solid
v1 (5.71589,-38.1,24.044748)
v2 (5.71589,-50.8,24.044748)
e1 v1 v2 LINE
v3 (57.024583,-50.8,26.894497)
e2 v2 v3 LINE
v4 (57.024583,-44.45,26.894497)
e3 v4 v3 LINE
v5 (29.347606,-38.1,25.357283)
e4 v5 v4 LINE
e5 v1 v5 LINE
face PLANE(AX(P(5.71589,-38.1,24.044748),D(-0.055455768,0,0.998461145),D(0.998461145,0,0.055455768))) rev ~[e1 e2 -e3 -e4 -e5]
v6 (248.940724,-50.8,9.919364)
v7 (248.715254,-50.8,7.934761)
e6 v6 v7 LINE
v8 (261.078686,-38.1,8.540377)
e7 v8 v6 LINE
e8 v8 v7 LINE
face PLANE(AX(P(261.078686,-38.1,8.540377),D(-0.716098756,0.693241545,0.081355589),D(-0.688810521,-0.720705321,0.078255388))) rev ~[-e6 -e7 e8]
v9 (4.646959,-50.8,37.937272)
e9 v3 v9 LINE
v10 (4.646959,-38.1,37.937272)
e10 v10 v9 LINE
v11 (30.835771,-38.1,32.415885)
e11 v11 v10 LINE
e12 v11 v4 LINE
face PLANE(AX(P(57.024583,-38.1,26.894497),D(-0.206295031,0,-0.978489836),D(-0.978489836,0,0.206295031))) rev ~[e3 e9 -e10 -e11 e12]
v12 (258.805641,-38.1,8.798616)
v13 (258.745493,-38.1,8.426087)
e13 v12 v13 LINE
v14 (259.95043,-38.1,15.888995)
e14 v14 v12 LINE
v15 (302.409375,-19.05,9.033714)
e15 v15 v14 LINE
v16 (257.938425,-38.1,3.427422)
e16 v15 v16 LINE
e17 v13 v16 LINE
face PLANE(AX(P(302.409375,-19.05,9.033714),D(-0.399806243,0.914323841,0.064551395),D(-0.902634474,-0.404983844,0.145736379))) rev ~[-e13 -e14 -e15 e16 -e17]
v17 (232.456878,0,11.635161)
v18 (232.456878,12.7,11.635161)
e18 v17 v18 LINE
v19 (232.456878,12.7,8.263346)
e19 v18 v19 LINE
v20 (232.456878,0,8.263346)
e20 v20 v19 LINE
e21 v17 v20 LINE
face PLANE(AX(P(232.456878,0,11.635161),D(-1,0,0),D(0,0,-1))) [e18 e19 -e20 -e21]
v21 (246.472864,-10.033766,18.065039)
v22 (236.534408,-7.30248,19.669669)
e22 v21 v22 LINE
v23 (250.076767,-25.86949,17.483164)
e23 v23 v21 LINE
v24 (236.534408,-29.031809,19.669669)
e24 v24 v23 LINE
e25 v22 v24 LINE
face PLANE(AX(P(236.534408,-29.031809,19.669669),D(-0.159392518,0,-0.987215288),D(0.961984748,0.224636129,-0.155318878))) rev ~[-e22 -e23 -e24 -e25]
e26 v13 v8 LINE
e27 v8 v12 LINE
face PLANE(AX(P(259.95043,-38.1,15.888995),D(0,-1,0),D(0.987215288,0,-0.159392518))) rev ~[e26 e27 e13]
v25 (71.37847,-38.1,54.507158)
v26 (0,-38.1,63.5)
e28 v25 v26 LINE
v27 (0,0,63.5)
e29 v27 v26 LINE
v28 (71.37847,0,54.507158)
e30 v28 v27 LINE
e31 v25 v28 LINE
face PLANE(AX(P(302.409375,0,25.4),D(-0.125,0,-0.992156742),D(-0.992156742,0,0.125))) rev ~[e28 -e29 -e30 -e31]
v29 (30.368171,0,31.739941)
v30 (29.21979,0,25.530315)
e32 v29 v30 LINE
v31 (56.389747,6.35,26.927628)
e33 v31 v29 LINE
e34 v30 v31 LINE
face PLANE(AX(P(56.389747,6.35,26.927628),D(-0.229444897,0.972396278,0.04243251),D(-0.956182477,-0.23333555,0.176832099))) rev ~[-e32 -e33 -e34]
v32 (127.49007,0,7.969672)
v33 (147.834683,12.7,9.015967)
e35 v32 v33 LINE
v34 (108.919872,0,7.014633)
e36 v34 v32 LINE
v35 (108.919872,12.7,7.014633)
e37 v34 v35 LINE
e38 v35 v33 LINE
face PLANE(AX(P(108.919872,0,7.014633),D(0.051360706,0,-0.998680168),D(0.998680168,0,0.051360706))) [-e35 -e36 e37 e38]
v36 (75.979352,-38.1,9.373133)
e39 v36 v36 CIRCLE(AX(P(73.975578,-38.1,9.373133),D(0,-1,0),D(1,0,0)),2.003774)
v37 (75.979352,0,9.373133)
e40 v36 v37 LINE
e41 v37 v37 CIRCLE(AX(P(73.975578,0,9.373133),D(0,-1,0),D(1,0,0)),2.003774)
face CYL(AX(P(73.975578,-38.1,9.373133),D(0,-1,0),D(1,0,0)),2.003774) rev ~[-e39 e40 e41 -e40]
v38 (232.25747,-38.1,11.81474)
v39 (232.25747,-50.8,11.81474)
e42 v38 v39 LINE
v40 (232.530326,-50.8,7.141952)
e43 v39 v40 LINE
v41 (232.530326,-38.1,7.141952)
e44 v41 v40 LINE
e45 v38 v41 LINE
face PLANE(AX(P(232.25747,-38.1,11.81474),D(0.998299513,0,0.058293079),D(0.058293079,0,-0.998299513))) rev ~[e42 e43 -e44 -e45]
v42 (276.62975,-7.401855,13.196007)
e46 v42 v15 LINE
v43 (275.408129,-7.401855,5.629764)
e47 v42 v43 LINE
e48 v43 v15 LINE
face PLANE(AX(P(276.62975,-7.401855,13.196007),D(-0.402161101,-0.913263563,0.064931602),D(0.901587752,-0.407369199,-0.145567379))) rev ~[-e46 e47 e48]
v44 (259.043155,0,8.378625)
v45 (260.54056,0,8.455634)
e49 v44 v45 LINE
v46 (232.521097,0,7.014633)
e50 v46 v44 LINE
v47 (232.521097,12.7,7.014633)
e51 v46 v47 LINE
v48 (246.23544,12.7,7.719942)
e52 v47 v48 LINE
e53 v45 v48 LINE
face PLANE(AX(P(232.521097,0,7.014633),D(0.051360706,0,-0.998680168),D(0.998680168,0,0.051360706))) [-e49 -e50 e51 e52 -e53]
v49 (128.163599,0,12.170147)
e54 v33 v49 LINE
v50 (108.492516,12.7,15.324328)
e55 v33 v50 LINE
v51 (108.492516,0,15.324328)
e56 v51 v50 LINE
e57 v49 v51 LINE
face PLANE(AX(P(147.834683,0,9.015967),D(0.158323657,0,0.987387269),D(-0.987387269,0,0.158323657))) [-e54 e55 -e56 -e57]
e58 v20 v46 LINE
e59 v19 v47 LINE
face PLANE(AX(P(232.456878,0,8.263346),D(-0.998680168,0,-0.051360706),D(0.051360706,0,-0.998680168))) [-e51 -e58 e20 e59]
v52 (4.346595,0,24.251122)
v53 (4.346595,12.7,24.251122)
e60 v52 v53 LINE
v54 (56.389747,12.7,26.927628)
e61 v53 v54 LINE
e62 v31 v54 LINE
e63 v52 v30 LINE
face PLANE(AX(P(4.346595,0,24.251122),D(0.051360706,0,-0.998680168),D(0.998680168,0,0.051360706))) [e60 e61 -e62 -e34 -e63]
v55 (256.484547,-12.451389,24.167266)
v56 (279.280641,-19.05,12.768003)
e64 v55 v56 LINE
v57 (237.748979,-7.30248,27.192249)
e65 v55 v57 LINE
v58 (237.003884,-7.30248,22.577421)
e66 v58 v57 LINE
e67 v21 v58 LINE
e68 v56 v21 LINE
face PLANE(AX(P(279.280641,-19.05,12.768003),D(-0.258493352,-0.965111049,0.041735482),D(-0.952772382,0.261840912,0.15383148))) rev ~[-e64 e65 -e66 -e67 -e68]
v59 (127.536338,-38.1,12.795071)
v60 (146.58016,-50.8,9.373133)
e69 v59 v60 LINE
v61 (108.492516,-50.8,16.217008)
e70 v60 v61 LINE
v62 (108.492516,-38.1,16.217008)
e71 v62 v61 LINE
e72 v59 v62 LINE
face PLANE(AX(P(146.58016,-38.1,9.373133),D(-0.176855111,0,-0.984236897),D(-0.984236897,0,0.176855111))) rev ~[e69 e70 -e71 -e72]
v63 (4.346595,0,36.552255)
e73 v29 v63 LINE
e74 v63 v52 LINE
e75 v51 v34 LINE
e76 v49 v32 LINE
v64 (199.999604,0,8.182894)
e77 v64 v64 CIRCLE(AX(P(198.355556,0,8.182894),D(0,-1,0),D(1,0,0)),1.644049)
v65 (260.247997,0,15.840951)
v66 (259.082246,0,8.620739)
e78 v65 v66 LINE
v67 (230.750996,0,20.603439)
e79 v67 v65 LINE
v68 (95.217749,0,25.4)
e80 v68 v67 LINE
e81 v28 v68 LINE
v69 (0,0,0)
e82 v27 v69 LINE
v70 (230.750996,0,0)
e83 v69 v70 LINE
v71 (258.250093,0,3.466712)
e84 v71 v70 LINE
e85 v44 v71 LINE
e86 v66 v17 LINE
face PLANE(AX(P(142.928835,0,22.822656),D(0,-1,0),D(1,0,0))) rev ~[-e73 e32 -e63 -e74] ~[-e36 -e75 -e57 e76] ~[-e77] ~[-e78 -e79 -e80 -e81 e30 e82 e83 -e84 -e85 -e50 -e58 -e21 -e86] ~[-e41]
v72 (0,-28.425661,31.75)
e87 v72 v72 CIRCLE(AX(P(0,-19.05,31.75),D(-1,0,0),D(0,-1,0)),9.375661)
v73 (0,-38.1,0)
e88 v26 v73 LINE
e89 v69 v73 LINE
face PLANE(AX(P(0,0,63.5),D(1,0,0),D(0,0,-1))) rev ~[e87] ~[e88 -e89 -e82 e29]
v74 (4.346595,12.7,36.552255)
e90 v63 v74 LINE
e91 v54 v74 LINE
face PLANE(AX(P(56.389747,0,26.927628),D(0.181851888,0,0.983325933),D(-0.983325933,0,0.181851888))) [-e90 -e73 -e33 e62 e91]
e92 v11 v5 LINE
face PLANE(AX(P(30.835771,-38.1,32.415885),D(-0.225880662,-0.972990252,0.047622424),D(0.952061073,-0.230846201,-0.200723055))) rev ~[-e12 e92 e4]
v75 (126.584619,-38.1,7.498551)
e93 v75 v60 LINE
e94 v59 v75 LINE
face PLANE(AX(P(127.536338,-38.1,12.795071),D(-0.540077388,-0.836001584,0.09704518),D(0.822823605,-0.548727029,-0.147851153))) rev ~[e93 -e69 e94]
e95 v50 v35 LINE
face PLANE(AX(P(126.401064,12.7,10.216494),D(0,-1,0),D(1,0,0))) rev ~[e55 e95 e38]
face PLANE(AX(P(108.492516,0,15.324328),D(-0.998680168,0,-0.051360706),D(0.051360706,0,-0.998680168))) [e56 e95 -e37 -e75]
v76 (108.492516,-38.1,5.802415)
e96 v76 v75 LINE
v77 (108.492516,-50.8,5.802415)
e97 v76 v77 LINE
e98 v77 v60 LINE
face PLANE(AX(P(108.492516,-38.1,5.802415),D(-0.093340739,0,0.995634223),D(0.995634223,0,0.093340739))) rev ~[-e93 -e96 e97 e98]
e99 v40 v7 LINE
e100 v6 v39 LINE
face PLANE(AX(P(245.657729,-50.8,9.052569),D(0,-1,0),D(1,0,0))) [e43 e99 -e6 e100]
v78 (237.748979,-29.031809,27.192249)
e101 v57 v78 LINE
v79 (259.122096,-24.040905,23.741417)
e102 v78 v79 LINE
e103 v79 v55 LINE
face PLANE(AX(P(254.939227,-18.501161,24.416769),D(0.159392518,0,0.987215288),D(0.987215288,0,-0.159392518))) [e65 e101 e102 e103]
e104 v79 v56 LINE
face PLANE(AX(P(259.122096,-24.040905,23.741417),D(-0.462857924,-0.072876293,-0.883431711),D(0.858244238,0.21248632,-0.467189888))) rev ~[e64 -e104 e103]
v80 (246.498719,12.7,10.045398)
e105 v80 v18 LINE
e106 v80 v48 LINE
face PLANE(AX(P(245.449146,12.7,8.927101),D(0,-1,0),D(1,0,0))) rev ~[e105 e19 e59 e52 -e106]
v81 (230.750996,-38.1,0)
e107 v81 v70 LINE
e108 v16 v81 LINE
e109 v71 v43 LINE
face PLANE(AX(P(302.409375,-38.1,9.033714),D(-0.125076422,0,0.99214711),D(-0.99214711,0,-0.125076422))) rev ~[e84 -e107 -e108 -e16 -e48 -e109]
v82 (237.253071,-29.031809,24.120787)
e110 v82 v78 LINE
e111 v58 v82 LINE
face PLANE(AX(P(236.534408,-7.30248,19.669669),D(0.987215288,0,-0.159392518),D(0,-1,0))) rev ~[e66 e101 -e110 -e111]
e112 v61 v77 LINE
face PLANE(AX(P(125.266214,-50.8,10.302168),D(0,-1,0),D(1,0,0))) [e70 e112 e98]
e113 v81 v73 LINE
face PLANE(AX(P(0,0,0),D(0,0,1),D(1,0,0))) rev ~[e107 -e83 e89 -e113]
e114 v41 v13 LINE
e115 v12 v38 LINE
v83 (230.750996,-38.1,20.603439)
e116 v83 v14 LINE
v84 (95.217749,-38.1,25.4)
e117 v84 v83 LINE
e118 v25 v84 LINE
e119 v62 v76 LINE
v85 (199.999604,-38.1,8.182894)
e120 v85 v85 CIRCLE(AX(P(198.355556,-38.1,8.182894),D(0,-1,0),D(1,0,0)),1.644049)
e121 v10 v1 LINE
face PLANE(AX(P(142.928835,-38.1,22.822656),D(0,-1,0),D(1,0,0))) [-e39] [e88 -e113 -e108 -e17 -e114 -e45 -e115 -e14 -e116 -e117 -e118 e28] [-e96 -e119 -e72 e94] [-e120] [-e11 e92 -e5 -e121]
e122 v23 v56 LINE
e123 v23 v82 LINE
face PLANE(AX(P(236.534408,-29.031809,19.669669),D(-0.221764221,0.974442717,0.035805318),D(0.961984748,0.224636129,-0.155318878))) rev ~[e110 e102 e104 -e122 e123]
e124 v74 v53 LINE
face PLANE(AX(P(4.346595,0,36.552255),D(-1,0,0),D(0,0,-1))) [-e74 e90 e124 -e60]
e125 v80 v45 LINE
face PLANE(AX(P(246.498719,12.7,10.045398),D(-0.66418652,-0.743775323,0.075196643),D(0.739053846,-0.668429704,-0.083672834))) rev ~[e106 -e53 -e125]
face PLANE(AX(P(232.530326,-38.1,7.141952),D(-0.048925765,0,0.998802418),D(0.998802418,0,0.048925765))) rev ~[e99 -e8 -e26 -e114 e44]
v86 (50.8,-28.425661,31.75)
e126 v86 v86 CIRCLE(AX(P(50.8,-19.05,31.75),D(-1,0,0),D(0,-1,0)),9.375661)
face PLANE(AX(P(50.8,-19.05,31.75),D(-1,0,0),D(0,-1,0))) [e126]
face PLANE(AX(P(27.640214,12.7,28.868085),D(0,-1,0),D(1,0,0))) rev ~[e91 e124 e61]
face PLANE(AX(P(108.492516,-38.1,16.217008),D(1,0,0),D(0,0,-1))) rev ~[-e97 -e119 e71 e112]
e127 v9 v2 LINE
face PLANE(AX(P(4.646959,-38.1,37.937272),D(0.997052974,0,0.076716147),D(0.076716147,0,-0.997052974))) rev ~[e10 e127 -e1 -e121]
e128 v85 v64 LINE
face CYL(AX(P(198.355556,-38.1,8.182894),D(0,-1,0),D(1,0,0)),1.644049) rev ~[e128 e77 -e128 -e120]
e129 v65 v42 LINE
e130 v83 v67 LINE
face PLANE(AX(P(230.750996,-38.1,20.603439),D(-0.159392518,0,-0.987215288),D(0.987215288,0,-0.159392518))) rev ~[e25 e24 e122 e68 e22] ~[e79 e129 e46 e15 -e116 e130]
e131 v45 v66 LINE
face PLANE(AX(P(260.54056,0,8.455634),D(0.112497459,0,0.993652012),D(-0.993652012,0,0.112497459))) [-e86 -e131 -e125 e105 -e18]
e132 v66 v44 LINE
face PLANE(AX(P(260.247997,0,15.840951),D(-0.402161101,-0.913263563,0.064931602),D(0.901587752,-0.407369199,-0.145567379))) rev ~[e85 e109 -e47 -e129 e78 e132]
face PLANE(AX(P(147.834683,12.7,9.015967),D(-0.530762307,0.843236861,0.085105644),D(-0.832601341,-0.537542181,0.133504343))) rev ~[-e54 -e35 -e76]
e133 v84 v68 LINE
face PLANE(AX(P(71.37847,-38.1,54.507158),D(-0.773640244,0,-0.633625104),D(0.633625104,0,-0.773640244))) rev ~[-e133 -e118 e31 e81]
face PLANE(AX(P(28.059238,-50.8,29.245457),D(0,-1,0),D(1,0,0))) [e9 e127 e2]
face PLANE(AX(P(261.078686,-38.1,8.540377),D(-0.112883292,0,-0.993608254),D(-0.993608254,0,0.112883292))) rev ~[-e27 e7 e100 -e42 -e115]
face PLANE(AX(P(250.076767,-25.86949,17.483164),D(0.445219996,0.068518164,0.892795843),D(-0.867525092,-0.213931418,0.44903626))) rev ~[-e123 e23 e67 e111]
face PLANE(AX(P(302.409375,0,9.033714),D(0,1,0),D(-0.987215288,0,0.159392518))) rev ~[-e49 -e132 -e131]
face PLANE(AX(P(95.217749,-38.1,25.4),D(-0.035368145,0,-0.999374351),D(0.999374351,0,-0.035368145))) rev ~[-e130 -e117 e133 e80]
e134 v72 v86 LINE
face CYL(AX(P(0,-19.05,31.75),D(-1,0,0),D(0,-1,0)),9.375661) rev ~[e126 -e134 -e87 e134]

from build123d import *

# Parameters (mm, degrees)
F1_DEPTH  = 38.1
F4_DEPTH  = 38.1
F6_DEPTH  = 38.1
F8_DEPTH  = 38.1
F11_DEPTH = 12.7
F13_DEPTH = 12.7
F15_DEPTH = 12.7
F17_DEPTH = 25.4
F19_DEPTH = 7.62
F21_DEPTH = 25.4
F23_DEPTH = 12.7
F25_DEPTH = 12.7
F26_DEPTH = 12.7
F28_DEPTH = 25.4
F30_DEPTH = 25.4
F32_DEPTH = 25.4
F34_DEPTH = 25.4
F36_DEPTH = 25.4
F38_DEPTH = 25.4
F2_R      = 9.3756609964
F39_DEPTH = 50.8
F41_DEPTH = 25.4
F43_DEPTH = 25.4
F44_R     = 1.6440489173
F44_R_2   = 2.0037736154
F45_DEPTH = 50.8


with BuildPart() as f1:
    # F0 (on Front) → F1 (new body)
    with BuildSketch(Plane.XZ):
        Polygon((0, 63.5), (0, 0), (302.4093748547, 0), (302.4093748547, 25.4), align=None)
    extrude(amount=F1_DEPTH)

    # F3 (on face) → F4 (cut)
    with BuildSketch(Plane.XZ.offset(38.1)):
        Polygon((302.4093748547, 25.4), (71.378469884, 54.507158082), (95.2177494764, 25.4), (302.4093748547, 18.0674288422), align=None)
    extrude(amount=-F4_DEPTH, mode=Mode.SUBTRACT)

    # F5 (on face) → F6 (cut)
    with BuildSketch(Plane.XZ.offset(38.1)):
        Polygon((230.7509960012, 20.6034394606), (302.4093748547, 9.0337144211), (302.4093748547, 18.0674288422), align=None)
    extrude(amount=-F6_DEPTH, mode=Mode.SUBTRACT)

    # F7 (on face) → F8 (cut)
    with BuildSketch(Plane.XZ.offset(38.1)):
        Polygon((302.4093748547, 0), (302.4093748547, 9.0337144211), (230.7509960012, 0), align=None)
    extrude(amount=-F8_DEPTH, mode=Mode.SUBTRACT)

    # F10 (on face) → F11 (join)
    with BuildSketch(Plane.XZ.offset(38.1)):
        Polygon((57.0245832205, 26.8944967538), (4.6469587833, 37.9372723401), (5.7158898562, 24.0447483957), align=None)
    extrude(amount=F11_DEPTH)

    # F12 (on face) → F13 (join)
    with BuildSketch(Plane.XZ.offset(38.1)):
        Polygon((146.5801596642, 9.3731330708), (108.4925159812, 16.2170082331), (108.4925159812, 5.8024153113), align=None)
    extrude(amount=F13_DEPTH)

    # F14 (on face) → F15 (join)
    with BuildSketch(Plane.XZ.offset(38.1)):
        Polygon((261.0786855221, 8.5403770208), (232.2574704885, 11.8147395551), (232.5303256512, 7.1419519372), align=None)
    extrude(amount=F15_DEPTH)

    # F16 (on face) → F17 (cut)
    with BuildSketch(Plane(origin=(6.216250911, 0, 34.5947791457), x_dir=(0.9842368971, 0, -0.1768551111), z_dir=(0.1768551111, 0, 0.9842368971))):
        Polygon((123.2630957695, -38.1), (142.6119150394, -50.8), (142.6119150394, -38.1), align=None)
    extrude(amount=-F17_DEPTH, mode=Mode.SUBTRACT)

    # F18 (on face) → F19 (join)
    with BuildSketch(Plane(origin=(9.1045026508, 0, 56.3897497994), x_dir=(0.9872152882, 0, -0.159392518), z_dir=(0.159392518, 0, 0.9872152882))):
        Polygon((273.6749947071, -19.05), (230.3751856089, -7.3024798185), (230.3751856089, -29.0318094194), align=None)
    extrude(amount=F19_DEPTH)

    # F20 (on face) → F21 (cut)
    with BuildSketch(Plane(origin=(17.7501025045, -77.9948093822, -2.8658728914), x_dir=(0.9751003181, 0.2216146645, 0.0081430991), z_dir=(0.2217642207, -0.9744427175, -0.0358053182))):
        Polygon((238.2592436798, 18.4212918256), (225.1080880547, 25.1705576425), (224.3710737528, 20.7224409643), align=None)
    extrude(amount=-F21_DEPTH, mode=Mode.SUBTRACT)

    # F22 (on face) → F23 (join)
    with BuildSketch(Plane.XZ):
        Polygon((56.3897466524, 26.9276275739), (4.3465946801, 36.552254676), (4.3465946801, 24.2511220276), align=None)
    extrude(amount=-F23_DEPTH)

    # F24 (on face) → F25 (join)
    with BuildSketch(Plane.XZ):
        Polygon((232.4568778276, 11.635161005), (232.4568778276, 8.2633461603), (232.5210973665, 7.0146331797), (260.5405604993, 8.4556344572), align=None)
    extrude(amount=-F25_DEPTH)

    # F9 (on Front) → F26 (join)
    with BuildSketch(Plane.XZ):
        Polygon((147.8346826, 9.0159667453), (108.4925159812, 15.3243280947), (108.9198718135, 7.0146331797), align=None)
    extrude(amount=-F26_DEPTH)

    # F27 (on face) → F28 (cut)
    with BuildSketch(Plane(origin=(5.115117276, 0, 31.900486513), x_dir=(0.9873872694, 0, -0.1583236568), z_dir=(0.1583236568, 0, 0.9873872694))):
        Polygon((144.5426427436, 12.7), (124.6202840907, 0), (144.5426427436, 0), align=None)
    extrude(amount=-F28_DEPTH, mode=Mode.SUBTRACT)

    # F29 (on face) → F30 (cut)
    with BuildSketch(Plane(origin=(4.2425164902, 0, 37.4727133277), x_dir=(0.9936520123, 0, -0.1124974594), z_dir=(0.1124974594, 0, 0.9936520123))):
        Polygon((257.9354148407, 12.7), (243.803866611, 12.7), (257.9354148407, 0), align=None)
    extrude(amount=-F30_DEPTH, mode=Mode.SUBTRACT)

    # F31 (on face) → F32 (cut)
    with BuildSketch(Plane(origin=(4.2847349057, 0, 37.7145978145), x_dir=(0.993608254, 0, -0.1128832923), z_dir=(0.1128832923, 0, 0.993608254))):
        Polygon((258.4458709906, -50.8), (258.4458709906, -38.1), (246.229827404, -50.8), align=None)
    extrude(amount=-F32_DEPTH, mode=Mode.SUBTRACT)

    # F33 (on face) → F34 (cut)
    with BuildSketch(Plane(origin=(17.7501025045, -77.9948093822, -2.8658728914), x_dir=(0.9751003181, 0.2216146645, 0.0081430991), z_dir=(0.2217642207, -0.9744427175, -0.0358053182))):
        Polygon((269.454439727, 20.9764088194), (247.5355495769, 24.6081785526), (268.208854053, 13.4589014978), align=None)
    extrude(amount=-F34_DEPTH, mode=Mode.SUBTRACT)

    # F35 (on face) → F36 (cut)
    with BuildSketch(Plane(origin=(7.8556900223, 0, 37.2607754701), x_dir=(0.9784898364, 0, -0.2062950314), z_dir=(0.2062950314, 0, 0.9784898364))):
        Polygon((23.4852526042, -38.1), (50.2497740567, -44.45), (50.2497740567, -38.1), align=None)
    extrude(amount=-F36_DEPTH, mode=Mode.SUBTRACT)

    # F37 (on face) → F38 (cut)
    with BuildSketch(Plane(origin=(6.6800047408, 0, 36.1207242852), x_dir=(0.9833259332, 0, -0.1818518877), z_dir=(0.1818518877, 0, 0.9833259332))):
        Polygon((50.552660346, 0), (50.552660346, 6.35), (24.0898415521, 0), align=None)
    extrude(amount=-F38_DEPTH, mode=Mode.SUBTRACT)

    # F2 (on face) → F39 (cut)
    with BuildSketch(Plane(origin=(0, 0, 0), x_dir=(0, -1, 0), z_dir=(-1, 0, 0))):
        with Locations((19.05, 31.75)):
            Circle(F2_R)
    extrude(amount=-F39_DEPTH, mode=Mode.SUBTRACT)

    # F40 (on face) → F41 (cut)
    with BuildSketch(Plane(origin=(9.1045026508, 0, 56.3897497994), x_dir=(0.9872152882, 0, -0.159392518), z_dir=(0.159392518, 0, 0.9872152882))):
        Polygon((269.2834402546, 0), (254.3958723545, 0), (270.9897734825, -7.4018547064), align=None)
        Polygon((269.2834402546, 0), (270.9897734825, -7.4018547064), (297.1032516572, -19.05), (297.1032516572, 0), align=None)
    extrude(amount=-F41_DEPTH, mode=Mode.SUBTRACT)

    # F42 (on face) → F43 (cut)
    with BuildSketch(Plane(origin=(9.1045026508, 0, 56.3897497994), x_dir=(0.9872152882, 0, -0.159392518), z_dir=(0.159392518, 0, 0.9872152882))):
        Polygon((297.1032516572, -38.1), (297.1032516572, -19.05), (254.0944516659, -38.1), align=None)
    extrude(amount=-F43_DEPTH, mode=Mode.SUBTRACT)

    # F44 (on face) → F45 (cut)
    with BuildSketch(Plane.XZ.offset(38.1)):
        with Locations((198.3555555344, 8.1828935072)):
            Circle(F44_R)
        with Locations((73.9755779505, 9.3731330708)):
            Circle(F44_R_2)
    extrude(amount=-F45_DEPTH, mode=Mode.SUBTRACT)


solid = f1.part
